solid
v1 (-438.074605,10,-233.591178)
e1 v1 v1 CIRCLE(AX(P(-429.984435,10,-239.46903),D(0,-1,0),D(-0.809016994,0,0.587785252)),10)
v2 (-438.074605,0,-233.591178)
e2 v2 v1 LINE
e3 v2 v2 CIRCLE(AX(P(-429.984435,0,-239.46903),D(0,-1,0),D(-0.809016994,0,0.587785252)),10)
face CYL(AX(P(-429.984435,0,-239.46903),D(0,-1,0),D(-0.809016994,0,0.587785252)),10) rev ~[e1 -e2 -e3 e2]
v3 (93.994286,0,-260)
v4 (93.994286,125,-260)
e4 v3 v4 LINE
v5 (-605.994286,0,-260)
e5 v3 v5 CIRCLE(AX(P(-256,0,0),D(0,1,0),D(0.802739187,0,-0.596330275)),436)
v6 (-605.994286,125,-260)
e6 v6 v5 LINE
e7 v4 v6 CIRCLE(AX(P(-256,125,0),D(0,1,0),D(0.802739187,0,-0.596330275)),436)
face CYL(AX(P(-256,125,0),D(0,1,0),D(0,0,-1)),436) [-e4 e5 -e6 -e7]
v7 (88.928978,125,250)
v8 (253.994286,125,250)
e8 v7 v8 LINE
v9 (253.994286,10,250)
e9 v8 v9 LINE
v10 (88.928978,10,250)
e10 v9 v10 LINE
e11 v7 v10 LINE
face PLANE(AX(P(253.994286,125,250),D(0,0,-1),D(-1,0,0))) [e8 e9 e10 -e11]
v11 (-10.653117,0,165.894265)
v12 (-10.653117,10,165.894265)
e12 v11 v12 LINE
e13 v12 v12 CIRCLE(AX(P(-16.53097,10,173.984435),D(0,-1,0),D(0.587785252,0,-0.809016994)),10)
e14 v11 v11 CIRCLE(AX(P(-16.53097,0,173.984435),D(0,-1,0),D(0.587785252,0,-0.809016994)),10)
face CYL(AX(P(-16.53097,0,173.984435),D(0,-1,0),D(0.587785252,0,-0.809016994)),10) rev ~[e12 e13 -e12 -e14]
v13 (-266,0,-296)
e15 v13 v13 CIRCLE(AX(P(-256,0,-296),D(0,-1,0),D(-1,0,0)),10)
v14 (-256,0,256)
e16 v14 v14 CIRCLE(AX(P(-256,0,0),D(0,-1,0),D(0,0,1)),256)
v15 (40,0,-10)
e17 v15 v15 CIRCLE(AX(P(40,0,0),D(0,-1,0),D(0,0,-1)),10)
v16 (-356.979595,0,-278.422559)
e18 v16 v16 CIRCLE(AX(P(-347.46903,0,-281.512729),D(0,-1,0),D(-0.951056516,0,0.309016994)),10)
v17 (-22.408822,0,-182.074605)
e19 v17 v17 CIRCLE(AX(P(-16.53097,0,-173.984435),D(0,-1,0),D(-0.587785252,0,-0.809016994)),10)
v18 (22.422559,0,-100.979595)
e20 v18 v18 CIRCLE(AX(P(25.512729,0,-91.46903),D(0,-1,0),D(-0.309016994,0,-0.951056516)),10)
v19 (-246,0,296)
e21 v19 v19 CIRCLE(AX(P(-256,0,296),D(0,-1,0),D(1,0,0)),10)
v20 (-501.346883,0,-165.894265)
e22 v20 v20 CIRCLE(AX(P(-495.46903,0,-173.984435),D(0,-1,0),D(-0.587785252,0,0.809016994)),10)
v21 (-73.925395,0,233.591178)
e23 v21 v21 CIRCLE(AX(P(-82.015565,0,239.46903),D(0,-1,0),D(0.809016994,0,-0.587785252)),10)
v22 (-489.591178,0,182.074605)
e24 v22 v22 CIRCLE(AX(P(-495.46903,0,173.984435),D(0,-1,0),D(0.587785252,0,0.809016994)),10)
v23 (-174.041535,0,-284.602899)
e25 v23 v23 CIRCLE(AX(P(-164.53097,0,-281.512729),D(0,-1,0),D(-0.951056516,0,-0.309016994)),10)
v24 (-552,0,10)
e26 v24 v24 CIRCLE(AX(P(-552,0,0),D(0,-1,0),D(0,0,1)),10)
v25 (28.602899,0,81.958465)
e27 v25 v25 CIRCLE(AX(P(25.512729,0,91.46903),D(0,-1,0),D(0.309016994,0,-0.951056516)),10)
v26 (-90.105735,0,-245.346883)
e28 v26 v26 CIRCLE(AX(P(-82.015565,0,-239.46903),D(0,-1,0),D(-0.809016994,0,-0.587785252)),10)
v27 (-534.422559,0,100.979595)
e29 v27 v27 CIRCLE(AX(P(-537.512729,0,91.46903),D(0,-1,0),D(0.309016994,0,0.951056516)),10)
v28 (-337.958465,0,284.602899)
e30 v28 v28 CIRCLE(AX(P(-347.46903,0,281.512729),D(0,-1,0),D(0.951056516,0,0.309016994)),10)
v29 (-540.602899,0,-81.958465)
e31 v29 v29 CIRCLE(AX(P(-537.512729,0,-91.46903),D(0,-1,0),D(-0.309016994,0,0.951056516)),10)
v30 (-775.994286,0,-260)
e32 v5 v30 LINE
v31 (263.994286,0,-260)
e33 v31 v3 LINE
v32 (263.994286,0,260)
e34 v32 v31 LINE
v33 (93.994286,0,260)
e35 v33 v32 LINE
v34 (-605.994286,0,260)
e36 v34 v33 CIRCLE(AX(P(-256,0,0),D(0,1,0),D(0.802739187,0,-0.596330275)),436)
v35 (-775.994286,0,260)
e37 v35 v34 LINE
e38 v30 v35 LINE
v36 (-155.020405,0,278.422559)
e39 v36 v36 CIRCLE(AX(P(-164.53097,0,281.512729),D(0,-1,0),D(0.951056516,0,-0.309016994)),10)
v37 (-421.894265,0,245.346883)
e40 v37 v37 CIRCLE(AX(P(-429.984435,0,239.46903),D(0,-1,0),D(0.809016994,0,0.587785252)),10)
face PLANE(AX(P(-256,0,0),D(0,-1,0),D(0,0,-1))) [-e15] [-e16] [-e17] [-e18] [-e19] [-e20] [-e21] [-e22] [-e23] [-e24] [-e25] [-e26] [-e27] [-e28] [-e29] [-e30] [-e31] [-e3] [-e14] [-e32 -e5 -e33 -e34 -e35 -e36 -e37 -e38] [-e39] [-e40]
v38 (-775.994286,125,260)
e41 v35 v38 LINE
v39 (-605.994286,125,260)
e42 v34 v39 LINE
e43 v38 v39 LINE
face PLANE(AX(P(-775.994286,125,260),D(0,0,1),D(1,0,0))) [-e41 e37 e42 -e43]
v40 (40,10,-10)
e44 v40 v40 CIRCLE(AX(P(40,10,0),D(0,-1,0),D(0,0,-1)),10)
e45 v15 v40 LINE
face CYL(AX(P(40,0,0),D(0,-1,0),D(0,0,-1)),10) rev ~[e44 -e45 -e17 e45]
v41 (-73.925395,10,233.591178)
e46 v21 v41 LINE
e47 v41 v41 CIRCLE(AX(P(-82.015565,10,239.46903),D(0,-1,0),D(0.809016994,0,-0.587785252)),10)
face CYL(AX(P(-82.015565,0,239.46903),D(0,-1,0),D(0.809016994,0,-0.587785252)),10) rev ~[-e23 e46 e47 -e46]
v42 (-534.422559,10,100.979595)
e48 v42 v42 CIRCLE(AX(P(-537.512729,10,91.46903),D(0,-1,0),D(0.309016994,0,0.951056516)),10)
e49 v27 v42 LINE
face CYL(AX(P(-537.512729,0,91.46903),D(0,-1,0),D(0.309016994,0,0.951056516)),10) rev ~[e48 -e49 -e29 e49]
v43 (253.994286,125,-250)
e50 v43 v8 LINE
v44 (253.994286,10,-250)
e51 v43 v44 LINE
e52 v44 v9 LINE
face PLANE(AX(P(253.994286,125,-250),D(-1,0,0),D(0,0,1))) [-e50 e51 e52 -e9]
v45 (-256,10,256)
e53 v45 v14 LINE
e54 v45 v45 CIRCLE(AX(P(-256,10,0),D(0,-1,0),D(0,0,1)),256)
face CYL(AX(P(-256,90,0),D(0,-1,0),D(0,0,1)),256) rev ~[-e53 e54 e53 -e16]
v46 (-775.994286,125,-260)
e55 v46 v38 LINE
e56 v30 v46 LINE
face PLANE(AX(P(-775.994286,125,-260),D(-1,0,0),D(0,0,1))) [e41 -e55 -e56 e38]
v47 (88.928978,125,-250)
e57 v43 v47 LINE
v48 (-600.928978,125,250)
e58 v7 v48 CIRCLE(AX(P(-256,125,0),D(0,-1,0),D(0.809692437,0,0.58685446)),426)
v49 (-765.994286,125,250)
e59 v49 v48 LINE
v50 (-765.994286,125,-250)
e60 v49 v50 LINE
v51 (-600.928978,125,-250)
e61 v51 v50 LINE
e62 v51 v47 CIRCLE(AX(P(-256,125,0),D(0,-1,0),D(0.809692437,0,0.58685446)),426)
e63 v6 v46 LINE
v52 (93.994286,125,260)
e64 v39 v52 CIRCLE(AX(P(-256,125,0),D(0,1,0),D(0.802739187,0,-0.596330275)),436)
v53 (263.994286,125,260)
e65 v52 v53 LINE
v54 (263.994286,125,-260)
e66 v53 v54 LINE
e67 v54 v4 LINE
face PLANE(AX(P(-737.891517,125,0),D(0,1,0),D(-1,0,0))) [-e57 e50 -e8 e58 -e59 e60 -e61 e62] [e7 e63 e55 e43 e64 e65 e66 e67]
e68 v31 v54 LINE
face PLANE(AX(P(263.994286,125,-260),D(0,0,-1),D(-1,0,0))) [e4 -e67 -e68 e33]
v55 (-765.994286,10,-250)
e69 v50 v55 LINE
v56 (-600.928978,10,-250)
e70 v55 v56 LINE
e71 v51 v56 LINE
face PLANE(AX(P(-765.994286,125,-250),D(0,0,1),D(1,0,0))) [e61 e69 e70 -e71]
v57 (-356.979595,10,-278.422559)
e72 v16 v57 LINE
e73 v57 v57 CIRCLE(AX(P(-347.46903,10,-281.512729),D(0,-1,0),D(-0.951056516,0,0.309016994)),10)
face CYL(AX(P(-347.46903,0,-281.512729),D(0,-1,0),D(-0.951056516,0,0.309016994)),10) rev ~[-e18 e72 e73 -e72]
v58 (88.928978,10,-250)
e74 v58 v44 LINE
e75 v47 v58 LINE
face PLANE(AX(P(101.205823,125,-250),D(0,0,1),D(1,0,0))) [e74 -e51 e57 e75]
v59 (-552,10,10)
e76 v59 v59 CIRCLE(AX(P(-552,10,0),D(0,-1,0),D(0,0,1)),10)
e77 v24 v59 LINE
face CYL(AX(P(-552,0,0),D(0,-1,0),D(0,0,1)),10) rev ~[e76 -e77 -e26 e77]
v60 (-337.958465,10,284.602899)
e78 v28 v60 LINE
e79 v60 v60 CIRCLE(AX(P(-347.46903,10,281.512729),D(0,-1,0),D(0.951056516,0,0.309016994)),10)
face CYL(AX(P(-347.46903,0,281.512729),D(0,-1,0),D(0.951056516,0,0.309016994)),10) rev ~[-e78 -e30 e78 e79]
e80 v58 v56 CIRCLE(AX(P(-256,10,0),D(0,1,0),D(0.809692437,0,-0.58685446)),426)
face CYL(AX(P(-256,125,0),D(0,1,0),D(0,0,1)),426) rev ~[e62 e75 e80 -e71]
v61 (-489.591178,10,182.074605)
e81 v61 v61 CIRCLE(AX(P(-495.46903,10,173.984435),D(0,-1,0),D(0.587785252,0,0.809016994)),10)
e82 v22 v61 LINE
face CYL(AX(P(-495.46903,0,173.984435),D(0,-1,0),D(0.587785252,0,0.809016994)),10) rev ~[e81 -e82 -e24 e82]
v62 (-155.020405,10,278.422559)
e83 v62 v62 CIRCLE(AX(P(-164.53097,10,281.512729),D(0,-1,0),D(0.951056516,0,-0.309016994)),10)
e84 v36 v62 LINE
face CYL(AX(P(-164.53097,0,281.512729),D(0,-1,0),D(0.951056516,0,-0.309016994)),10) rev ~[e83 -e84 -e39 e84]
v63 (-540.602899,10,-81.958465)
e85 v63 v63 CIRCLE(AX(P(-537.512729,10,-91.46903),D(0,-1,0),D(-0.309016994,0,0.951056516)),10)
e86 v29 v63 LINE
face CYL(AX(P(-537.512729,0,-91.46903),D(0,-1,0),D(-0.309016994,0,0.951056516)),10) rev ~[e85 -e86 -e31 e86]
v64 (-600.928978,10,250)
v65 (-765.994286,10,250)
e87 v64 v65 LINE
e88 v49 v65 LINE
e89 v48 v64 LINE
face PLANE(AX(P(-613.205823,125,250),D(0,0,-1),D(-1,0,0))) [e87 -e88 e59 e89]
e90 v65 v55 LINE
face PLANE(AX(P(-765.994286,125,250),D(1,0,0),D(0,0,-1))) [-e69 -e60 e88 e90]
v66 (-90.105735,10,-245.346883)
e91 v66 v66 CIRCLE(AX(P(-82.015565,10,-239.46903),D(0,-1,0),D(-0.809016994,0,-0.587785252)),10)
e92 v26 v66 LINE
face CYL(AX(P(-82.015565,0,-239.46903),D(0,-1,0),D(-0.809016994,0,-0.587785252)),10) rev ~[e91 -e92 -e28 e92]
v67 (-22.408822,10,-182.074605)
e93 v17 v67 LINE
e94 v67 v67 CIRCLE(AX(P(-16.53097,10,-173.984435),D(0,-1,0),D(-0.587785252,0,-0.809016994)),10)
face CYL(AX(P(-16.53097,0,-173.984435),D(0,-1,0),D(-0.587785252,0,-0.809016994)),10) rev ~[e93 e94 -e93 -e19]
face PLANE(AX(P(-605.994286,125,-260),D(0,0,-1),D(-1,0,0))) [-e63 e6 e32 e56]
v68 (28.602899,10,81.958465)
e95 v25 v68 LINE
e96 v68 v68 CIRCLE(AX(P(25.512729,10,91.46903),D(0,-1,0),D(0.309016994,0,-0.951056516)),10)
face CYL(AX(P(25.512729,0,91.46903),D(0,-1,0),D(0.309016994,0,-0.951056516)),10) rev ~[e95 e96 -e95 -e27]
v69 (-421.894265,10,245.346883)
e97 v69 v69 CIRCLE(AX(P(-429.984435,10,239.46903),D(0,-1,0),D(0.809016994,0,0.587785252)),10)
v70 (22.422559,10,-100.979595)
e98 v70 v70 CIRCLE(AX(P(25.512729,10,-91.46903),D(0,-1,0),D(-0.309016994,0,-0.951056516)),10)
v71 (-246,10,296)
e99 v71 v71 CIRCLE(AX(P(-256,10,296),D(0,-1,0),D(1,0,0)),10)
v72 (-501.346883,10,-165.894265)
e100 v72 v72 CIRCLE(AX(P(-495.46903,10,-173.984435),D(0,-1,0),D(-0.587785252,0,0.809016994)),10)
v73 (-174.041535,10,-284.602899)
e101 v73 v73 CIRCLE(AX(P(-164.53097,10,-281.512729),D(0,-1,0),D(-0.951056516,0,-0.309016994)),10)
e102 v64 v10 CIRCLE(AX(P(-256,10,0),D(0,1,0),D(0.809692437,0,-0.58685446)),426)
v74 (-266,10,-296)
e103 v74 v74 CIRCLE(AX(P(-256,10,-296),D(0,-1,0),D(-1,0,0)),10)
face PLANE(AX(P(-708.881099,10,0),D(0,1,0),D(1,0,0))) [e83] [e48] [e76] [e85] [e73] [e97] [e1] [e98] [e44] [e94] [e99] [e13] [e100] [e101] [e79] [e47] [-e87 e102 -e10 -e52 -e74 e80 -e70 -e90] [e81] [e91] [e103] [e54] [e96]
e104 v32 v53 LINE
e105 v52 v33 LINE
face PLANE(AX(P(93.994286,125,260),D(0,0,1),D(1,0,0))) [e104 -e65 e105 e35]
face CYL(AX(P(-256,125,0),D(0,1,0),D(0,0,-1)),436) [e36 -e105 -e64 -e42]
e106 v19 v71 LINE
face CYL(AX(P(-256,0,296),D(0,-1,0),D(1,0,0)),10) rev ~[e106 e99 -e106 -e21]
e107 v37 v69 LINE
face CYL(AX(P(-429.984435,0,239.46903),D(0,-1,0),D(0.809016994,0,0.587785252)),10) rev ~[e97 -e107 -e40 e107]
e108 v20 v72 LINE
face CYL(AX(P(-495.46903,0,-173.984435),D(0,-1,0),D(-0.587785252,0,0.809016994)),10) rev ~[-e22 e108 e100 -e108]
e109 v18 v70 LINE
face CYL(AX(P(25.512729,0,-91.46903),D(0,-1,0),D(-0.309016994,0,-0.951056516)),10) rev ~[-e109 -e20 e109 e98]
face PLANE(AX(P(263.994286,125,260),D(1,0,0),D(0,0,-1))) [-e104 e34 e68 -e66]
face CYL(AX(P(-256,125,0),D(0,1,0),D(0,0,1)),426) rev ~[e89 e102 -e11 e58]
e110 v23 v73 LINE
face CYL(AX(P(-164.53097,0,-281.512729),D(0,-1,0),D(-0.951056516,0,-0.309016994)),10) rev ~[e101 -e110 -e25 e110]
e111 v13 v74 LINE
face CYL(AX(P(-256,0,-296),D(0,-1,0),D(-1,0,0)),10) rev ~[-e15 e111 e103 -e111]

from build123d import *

# Parameters (mm, degrees)
ESQUISSE2_R                  = 10
ENL_V_MAT_EXTRU_1_DEPTH      = 687.62944883
R_P_TITION_CIRCULAIRE1_COUNT = 20
BOSS_EXTRU_1_START           = -10
ESQUISSE5_R                  = 436
ESQUISSE5_R_2                = 336
BOSS_EXTRU_1_DEPTH           = 10
BOSS_EXTRU_2_START           = 115
ESQUISSE6_R                  = 436
ESQUISSE6_R_2                = 426
BOSS_EXTRU_2_DEPTH           = 115
BOSS_EXTRU_3_START           = -10
BOSS_EXTRU_3_DEPTH           = 10
BOSS_EXTRU_4_START           = 115
BOSS_EXTRU_4_DEPTH           = 115
ENL_V_MAT_EXTRU_3_DEPTH      = 115
R_P_TITION_CIRCULAIRE6_COUNT = 2
ESQUISSE10_R                 = 336
ENL_V_MAT_EXTRU_4_DEPTH      = 80


with BuildPart() as part:
    # Esquisse1 → Révolution1 (revolve)
    with BuildSketch(Plane.XY, mode=Mode.PRIVATE) as r_volution1_sk:
        with BuildLine():
            Line((0, 0), (80, 0))
            Line((80, 0), (80, 52.5))
            ThreePointArc((80, 52.5), (70, 62.5), (80, 72.5))
            Line((80, 72.5), (80, 90))
            Line((80, 90), (0, 90))
            Line((0, 90), (0, 0))
        make_face()
    revolve(r_volution1_sk.sketch.rotate(Axis((-256, 27.419354839, 0), (0, -1, 0)), 90), axis=Axis((-256, 27.419354839, 0), (0, -1, 0)))

    # Esquisse2 → Enlèv. mat.-Extru.1 (cut, through all)
    with BuildSketch(Plane.XZ):
        with Locations(Location((40, 0, 0), (0, 0, 270))):
            Circle(ESQUISSE2_R)
    enl_v_mat_extru_1 = extrude(amount=-ENL_V_MAT_EXTRU_1_DEPTH, mode=Mode.SUBTRACT)

    # Répétition circulaire1: Enlèv. mat.-Extru.1 ×20 about axis
    r_p_tition_circulaire1_axis = Axis((-256, 0, 0), (0, 1, 0))
    for i in range(1, R_P_TITION_CIRCULAIRE1_COUNT):
        add(enl_v_mat_extru_1.rotate(r_p_tition_circulaire1_axis, i * 360 / R_P_TITION_CIRCULAIRE1_COUNT), mode=Mode.SUBTRACT)

    # Esquisse5 → Boss.-Extru.1 (add)
    with BuildSketch(Plane.XZ.offset(BOSS_EXTRU_1_START)):
        with Locations(Location((-256, 0, 0), (0, 0, 270))):
            Circle(ESQUISSE5_R)
        with Locations(Location((-256, 0, 0), (0, 0, 90))):
            Circle(ESQUISSE5_R_2, mode=Mode.SUBTRACT)
    extrude(amount=BOSS_EXTRU_1_DEPTH)

    # Esquisse6 → Boss.-Extru.2 (add)
    with BuildSketch(Plane(origin=(0, 10, 0), x_dir=(1, 0, 0), z_dir=(0, 1, 0)).offset(BOSS_EXTRU_2_START)):
        with Locations(Location((-256, 0, 0), (0, 0, 90))):
            Circle(ESQUISSE6_R)
        with Locations(Location((-256, 0, 0), (0, 0, 270))):
            Circle(ESQUISSE6_R_2, mode=Mode.SUBTRACT)
    extrude(amount=-BOSS_EXTRU_2_DEPTH)

    # Esquisse7 → Boss.-Extru.3 (add)
    with BuildSketch(Plane.XZ.offset(BOSS_EXTRU_3_START)):
        with BuildLine():
            Line((93.994285668, 260), (263.994285668, 260))
            Line((263.994285668, 260), (263.994285668, -260))
            Line((263.994285668, -260), (93.994285668, -260))
            ThreePointArc((93.994285668, -260), (180, 0), (93.994285668, 260))
        make_face()
    boss_extru_3 = extrude(amount=BOSS_EXTRU_3_DEPTH)

    # Esquisse8 → Boss.-Extru.4 (add)
    with BuildSketch(Plane(origin=(0, 10, 0), x_dir=(1, 0, 0), z_dir=(0, 1, 0)).offset(BOSS_EXTRU_4_START)):
        with BuildLine():
            Line((113.345366832, 250), (253.994285668, 250))
            Line((253.994285668, 250), (253.994285668, -250))
            Line((253.994285668, -250), (113.345366832, -250))
            Line((113.345366832, -250), (101.205823021, -250))
            ThreePointArc((101.205823021, -250), (97.635403251, -255.025491996), (93.994285668, -260))
            Line((93.994285668, -260), (263.994285668, -260))
            Line((263.994285668, -260), (263.994285668, 260))
            Line((263.994285668, 260), (93.994285668, 260))
            ThreePointArc((93.994285668, 260), (97.635403251, 255.025491996), (101.205823021, 250))
            Line((101.205823021, 250), (113.345366832, 250))
        make_face()
    boss_extru_4 = extrude(amount=-BOSS_EXTRU_4_DEPTH)

    # Esquisse9 → Enlèv. mat.-Extru.3 (cut)
    with BuildSketch(Plane(origin=(0, 125, 0), x_dir=(1, 0, 0), z_dir=(0, 1, 0))):
        with BuildLine():
            Line((101.205823021, -250), (88.928978197, -250))
            ThreePointArc((88.928978197, -250), (170, 0), (88.928978197, 250))
            Line((88.928978197, 250), (101.205823021, 250))
            ThreePointArc((101.205823021, 250), (180, 0), (101.205823021, -250))
        make_face()
    enl_v_mat_extru_3 = extrude(amount=-ENL_V_MAT_EXTRU_3_DEPTH, mode=Mode.SUBTRACT)

    # Répétition circulaire6: Boss.-Extru.3, Boss.-Extru.4, Enlèv. mat.-Extru.3 ×2 about axis
    r_p_tition_circulaire6_axis = Axis((-256, 0, 0), (0, 1, 0))
    add([boss_extru_3.rotate(r_p_tition_circulaire6_axis, i * 360 / R_P_TITION_CIRCULAIRE6_COUNT) for i in range(1, R_P_TITION_CIRCULAIRE6_COUNT)])
    add([boss_extru_4.rotate(r_p_tition_circulaire6_axis, i * 360 / R_P_TITION_CIRCULAIRE6_COUNT) for i in range(1, R_P_TITION_CIRCULAIRE6_COUNT)])
    add([enl_v_mat_extru_3.rotate(r_p_tition_circulaire6_axis, i * 360 / R_P_TITION_CIRCULAIRE6_COUNT) for i in range(1, R_P_TITION_CIRCULAIRE6_COUNT)], mode=Mode.SUBTRACT)

    # Esquisse10 → Enlèv. mat.-Extru.4 (cut)
    with BuildSketch(Plane(origin=(0, 90, 0), x_dir=(1, 0, 0), z_dir=(0, 1, 0))):
        with Locations((-256, 0)):
            Circle(ESQUISSE10_R)
    extrude(amount=-ENL_V_MAT_EXTRU_4_DEPTH, mode=Mode.SUBTRACT)


solid = part.part
